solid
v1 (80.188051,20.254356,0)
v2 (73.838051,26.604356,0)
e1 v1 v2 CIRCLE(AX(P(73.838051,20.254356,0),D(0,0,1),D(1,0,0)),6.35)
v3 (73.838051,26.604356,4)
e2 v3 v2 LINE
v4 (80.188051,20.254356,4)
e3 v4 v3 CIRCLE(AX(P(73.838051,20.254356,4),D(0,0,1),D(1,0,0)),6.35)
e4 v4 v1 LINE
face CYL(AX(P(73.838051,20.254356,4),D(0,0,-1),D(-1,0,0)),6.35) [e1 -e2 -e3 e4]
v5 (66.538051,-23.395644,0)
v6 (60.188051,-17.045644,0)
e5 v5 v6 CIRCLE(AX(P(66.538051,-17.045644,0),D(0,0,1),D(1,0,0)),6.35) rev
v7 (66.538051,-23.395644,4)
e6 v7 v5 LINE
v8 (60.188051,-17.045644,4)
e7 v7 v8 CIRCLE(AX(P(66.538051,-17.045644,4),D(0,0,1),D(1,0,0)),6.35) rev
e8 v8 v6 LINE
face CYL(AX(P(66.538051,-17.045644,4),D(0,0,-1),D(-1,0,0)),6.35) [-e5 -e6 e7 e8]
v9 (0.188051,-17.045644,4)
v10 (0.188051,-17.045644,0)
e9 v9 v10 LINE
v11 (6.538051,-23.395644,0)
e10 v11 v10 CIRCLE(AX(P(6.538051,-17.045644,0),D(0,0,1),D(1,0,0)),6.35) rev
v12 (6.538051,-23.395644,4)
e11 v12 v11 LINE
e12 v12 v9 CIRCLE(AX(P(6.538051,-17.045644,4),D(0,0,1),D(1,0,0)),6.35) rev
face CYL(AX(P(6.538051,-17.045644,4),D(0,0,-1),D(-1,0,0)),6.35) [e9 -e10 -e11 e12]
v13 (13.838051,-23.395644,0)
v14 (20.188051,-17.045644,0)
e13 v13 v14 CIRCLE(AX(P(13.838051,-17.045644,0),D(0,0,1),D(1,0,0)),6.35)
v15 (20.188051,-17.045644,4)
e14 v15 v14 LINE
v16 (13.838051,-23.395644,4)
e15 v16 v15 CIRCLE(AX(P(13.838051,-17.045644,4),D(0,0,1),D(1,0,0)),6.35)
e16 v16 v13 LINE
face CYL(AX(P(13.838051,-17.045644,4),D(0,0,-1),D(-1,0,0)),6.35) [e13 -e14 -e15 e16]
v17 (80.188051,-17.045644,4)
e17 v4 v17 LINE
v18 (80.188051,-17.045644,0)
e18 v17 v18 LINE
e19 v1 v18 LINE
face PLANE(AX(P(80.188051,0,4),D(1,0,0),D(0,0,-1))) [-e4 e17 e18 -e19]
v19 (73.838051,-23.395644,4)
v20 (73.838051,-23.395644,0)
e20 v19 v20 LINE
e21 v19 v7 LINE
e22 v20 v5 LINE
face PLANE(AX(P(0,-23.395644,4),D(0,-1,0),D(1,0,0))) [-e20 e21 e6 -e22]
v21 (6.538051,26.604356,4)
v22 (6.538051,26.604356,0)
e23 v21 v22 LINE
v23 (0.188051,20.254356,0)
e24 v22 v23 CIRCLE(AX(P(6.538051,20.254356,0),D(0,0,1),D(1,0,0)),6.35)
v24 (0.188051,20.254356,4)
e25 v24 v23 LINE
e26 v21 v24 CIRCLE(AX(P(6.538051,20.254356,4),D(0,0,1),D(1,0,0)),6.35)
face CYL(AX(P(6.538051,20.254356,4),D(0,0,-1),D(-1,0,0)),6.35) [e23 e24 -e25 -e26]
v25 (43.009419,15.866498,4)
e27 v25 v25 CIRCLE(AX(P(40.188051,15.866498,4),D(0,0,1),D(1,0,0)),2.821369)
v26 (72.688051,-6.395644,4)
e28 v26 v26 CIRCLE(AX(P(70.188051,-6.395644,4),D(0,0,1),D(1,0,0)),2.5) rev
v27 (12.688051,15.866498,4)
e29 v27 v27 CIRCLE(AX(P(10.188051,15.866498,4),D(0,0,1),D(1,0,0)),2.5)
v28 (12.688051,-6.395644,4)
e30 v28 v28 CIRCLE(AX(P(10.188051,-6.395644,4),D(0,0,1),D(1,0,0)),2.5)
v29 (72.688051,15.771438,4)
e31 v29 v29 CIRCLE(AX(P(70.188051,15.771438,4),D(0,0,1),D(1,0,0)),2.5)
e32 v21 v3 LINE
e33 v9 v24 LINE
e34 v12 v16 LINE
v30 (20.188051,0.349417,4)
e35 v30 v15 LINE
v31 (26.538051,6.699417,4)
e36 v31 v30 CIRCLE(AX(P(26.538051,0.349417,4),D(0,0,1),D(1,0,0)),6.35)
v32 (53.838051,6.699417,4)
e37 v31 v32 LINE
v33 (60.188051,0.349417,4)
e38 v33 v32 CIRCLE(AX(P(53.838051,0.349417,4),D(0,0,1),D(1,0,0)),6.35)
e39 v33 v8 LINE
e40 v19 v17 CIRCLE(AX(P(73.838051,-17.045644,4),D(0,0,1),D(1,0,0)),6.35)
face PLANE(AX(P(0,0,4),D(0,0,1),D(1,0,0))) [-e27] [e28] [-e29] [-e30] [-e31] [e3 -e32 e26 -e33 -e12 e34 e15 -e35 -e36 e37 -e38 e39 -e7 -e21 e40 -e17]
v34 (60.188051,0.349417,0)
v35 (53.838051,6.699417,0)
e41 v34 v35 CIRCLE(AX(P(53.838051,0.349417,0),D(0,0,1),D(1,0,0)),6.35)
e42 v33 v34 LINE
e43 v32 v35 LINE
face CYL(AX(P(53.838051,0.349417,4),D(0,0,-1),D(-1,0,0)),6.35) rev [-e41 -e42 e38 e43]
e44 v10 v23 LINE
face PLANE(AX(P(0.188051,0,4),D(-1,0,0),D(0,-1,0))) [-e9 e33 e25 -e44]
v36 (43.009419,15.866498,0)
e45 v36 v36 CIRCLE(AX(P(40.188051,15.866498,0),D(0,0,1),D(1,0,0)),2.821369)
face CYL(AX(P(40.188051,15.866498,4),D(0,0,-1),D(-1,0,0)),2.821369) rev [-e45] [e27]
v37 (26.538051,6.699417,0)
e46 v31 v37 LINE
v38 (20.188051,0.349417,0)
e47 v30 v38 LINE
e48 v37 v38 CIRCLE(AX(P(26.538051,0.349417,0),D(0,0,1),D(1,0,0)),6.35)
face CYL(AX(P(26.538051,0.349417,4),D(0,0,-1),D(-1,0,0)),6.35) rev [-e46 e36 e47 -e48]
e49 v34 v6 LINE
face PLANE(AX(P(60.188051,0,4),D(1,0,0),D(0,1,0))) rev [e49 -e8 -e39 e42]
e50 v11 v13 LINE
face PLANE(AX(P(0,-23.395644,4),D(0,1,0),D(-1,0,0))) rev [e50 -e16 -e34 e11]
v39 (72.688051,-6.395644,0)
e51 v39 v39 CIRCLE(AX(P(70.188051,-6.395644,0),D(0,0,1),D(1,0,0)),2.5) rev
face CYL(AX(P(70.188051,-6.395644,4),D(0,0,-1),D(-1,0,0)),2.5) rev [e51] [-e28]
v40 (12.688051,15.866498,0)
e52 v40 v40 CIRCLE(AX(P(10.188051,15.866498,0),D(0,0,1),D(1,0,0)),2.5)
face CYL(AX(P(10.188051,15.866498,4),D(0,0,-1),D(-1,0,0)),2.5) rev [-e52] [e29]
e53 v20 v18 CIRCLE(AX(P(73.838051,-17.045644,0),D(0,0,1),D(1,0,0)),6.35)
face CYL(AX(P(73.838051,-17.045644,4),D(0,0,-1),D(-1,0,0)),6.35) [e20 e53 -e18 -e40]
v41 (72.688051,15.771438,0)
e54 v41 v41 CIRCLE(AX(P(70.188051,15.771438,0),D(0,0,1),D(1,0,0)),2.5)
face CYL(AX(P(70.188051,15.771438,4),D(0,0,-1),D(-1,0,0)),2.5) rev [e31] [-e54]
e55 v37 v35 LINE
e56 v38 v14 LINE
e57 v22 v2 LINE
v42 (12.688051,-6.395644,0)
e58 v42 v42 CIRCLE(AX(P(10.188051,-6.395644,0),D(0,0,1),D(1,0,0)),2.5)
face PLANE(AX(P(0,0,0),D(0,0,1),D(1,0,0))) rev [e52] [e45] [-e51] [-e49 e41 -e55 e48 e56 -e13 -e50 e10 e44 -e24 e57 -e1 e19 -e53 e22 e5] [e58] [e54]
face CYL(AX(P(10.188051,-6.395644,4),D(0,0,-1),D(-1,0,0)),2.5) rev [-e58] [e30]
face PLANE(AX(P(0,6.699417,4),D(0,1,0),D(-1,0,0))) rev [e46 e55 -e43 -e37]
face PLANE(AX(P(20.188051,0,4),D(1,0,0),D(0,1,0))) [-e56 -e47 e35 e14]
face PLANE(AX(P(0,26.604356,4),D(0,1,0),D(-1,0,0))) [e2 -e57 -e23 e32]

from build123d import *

# Parameters (mm, degrees)
CROQUIS1_R              = 2.5
CROQUIS1_R_2            = 2.821368504
SALIENTE_EXTRUIR1_DEPTH = 4


with BuildPart() as part:
    # Croquis1 → Saliente-Extruir1 (new body)
    with BuildSketch(Plane.XY):
        with BuildLine():
            Line((26.538050923, 6.699416954), (53.838050923, 6.699416954))
            ThreePointArc((53.838050923, 6.699416954), (58.328178983, 4.839545014), (60.188050923, 0.349416954))
            Line((60.188050923, 0.349416954), (60.188050923, -17.045643676))
            ThreePointArc((60.188050923, -17.045643676), (62.047922862, -21.535771736), (66.538050923, -23.395643676))
            Line((66.538050923, -23.395643676), (73.838050923, -23.395643676))
            ThreePointArc((73.838050923, -23.395643676), (78.328178983, -21.535771736), (80.188050923, -17.045643676))
            Line((80.188050923, -17.045643676), (80.188050923, 6.604356324))
            Line((80.188050923, 6.604356324), (80.188050923, 20.254356324))
            ThreePointArc((80.188050923, 20.254356324), (78.328178983, 24.744484385), (73.838050923, 26.604356324))
            Line((73.838050923, 26.604356324), (6.538050923, 26.604356324))
            ThreePointArc((6.538050923, 26.604356324), (2.047922862, 24.744484385), (0.188050923, 20.254356324))
            Line((0.188050923, 20.254356324), (0.188050923, 6.604356324))
            Line((0.188050923, 6.604356324), (0.188050923, -17.045643676))
            ThreePointArc((0.188050923, -17.045643676), (2.047922862, -21.535771736), (6.538050923, -23.395643676))
            Line((6.538050923, -23.395643676), (13.838050923, -23.395643676))
            ThreePointArc((13.838050923, -23.395643676), (18.328178983, -21.535771736), (20.188050923, -17.045643676))
            Line((20.188050923, -17.045643676), (20.188050923, 0.349416954))
            ThreePointArc((20.188050923, 0.349416954), (22.047922862, 4.839545014), (26.538050923, 6.699416954))
        make_face()
        with Locations((10.188050923, 15.866498333)):
            Circle(CROQUIS1_R, mode=Mode.SUBTRACT)
        with Locations((70.188050923, 15.771437703)):
            Circle(CROQUIS1_R, mode=Mode.SUBTRACT)
        with Locations((10.188050923, -6.395643676)):
            Circle(CROQUIS1_R, mode=Mode.SUBTRACT)
        with Locations((40.188050923, 15.866498333)):
            Circle(CROQUIS1_R_2, mode=Mode.SUBTRACT)
        with Locations((70.188050923, -6.395643676)):
            Circle(CROQUIS1_R, mode=Mode.SUBTRACT)
    extrude(amount=SALIENTE_EXTRUIR1_DEPTH)


solid = part.part
